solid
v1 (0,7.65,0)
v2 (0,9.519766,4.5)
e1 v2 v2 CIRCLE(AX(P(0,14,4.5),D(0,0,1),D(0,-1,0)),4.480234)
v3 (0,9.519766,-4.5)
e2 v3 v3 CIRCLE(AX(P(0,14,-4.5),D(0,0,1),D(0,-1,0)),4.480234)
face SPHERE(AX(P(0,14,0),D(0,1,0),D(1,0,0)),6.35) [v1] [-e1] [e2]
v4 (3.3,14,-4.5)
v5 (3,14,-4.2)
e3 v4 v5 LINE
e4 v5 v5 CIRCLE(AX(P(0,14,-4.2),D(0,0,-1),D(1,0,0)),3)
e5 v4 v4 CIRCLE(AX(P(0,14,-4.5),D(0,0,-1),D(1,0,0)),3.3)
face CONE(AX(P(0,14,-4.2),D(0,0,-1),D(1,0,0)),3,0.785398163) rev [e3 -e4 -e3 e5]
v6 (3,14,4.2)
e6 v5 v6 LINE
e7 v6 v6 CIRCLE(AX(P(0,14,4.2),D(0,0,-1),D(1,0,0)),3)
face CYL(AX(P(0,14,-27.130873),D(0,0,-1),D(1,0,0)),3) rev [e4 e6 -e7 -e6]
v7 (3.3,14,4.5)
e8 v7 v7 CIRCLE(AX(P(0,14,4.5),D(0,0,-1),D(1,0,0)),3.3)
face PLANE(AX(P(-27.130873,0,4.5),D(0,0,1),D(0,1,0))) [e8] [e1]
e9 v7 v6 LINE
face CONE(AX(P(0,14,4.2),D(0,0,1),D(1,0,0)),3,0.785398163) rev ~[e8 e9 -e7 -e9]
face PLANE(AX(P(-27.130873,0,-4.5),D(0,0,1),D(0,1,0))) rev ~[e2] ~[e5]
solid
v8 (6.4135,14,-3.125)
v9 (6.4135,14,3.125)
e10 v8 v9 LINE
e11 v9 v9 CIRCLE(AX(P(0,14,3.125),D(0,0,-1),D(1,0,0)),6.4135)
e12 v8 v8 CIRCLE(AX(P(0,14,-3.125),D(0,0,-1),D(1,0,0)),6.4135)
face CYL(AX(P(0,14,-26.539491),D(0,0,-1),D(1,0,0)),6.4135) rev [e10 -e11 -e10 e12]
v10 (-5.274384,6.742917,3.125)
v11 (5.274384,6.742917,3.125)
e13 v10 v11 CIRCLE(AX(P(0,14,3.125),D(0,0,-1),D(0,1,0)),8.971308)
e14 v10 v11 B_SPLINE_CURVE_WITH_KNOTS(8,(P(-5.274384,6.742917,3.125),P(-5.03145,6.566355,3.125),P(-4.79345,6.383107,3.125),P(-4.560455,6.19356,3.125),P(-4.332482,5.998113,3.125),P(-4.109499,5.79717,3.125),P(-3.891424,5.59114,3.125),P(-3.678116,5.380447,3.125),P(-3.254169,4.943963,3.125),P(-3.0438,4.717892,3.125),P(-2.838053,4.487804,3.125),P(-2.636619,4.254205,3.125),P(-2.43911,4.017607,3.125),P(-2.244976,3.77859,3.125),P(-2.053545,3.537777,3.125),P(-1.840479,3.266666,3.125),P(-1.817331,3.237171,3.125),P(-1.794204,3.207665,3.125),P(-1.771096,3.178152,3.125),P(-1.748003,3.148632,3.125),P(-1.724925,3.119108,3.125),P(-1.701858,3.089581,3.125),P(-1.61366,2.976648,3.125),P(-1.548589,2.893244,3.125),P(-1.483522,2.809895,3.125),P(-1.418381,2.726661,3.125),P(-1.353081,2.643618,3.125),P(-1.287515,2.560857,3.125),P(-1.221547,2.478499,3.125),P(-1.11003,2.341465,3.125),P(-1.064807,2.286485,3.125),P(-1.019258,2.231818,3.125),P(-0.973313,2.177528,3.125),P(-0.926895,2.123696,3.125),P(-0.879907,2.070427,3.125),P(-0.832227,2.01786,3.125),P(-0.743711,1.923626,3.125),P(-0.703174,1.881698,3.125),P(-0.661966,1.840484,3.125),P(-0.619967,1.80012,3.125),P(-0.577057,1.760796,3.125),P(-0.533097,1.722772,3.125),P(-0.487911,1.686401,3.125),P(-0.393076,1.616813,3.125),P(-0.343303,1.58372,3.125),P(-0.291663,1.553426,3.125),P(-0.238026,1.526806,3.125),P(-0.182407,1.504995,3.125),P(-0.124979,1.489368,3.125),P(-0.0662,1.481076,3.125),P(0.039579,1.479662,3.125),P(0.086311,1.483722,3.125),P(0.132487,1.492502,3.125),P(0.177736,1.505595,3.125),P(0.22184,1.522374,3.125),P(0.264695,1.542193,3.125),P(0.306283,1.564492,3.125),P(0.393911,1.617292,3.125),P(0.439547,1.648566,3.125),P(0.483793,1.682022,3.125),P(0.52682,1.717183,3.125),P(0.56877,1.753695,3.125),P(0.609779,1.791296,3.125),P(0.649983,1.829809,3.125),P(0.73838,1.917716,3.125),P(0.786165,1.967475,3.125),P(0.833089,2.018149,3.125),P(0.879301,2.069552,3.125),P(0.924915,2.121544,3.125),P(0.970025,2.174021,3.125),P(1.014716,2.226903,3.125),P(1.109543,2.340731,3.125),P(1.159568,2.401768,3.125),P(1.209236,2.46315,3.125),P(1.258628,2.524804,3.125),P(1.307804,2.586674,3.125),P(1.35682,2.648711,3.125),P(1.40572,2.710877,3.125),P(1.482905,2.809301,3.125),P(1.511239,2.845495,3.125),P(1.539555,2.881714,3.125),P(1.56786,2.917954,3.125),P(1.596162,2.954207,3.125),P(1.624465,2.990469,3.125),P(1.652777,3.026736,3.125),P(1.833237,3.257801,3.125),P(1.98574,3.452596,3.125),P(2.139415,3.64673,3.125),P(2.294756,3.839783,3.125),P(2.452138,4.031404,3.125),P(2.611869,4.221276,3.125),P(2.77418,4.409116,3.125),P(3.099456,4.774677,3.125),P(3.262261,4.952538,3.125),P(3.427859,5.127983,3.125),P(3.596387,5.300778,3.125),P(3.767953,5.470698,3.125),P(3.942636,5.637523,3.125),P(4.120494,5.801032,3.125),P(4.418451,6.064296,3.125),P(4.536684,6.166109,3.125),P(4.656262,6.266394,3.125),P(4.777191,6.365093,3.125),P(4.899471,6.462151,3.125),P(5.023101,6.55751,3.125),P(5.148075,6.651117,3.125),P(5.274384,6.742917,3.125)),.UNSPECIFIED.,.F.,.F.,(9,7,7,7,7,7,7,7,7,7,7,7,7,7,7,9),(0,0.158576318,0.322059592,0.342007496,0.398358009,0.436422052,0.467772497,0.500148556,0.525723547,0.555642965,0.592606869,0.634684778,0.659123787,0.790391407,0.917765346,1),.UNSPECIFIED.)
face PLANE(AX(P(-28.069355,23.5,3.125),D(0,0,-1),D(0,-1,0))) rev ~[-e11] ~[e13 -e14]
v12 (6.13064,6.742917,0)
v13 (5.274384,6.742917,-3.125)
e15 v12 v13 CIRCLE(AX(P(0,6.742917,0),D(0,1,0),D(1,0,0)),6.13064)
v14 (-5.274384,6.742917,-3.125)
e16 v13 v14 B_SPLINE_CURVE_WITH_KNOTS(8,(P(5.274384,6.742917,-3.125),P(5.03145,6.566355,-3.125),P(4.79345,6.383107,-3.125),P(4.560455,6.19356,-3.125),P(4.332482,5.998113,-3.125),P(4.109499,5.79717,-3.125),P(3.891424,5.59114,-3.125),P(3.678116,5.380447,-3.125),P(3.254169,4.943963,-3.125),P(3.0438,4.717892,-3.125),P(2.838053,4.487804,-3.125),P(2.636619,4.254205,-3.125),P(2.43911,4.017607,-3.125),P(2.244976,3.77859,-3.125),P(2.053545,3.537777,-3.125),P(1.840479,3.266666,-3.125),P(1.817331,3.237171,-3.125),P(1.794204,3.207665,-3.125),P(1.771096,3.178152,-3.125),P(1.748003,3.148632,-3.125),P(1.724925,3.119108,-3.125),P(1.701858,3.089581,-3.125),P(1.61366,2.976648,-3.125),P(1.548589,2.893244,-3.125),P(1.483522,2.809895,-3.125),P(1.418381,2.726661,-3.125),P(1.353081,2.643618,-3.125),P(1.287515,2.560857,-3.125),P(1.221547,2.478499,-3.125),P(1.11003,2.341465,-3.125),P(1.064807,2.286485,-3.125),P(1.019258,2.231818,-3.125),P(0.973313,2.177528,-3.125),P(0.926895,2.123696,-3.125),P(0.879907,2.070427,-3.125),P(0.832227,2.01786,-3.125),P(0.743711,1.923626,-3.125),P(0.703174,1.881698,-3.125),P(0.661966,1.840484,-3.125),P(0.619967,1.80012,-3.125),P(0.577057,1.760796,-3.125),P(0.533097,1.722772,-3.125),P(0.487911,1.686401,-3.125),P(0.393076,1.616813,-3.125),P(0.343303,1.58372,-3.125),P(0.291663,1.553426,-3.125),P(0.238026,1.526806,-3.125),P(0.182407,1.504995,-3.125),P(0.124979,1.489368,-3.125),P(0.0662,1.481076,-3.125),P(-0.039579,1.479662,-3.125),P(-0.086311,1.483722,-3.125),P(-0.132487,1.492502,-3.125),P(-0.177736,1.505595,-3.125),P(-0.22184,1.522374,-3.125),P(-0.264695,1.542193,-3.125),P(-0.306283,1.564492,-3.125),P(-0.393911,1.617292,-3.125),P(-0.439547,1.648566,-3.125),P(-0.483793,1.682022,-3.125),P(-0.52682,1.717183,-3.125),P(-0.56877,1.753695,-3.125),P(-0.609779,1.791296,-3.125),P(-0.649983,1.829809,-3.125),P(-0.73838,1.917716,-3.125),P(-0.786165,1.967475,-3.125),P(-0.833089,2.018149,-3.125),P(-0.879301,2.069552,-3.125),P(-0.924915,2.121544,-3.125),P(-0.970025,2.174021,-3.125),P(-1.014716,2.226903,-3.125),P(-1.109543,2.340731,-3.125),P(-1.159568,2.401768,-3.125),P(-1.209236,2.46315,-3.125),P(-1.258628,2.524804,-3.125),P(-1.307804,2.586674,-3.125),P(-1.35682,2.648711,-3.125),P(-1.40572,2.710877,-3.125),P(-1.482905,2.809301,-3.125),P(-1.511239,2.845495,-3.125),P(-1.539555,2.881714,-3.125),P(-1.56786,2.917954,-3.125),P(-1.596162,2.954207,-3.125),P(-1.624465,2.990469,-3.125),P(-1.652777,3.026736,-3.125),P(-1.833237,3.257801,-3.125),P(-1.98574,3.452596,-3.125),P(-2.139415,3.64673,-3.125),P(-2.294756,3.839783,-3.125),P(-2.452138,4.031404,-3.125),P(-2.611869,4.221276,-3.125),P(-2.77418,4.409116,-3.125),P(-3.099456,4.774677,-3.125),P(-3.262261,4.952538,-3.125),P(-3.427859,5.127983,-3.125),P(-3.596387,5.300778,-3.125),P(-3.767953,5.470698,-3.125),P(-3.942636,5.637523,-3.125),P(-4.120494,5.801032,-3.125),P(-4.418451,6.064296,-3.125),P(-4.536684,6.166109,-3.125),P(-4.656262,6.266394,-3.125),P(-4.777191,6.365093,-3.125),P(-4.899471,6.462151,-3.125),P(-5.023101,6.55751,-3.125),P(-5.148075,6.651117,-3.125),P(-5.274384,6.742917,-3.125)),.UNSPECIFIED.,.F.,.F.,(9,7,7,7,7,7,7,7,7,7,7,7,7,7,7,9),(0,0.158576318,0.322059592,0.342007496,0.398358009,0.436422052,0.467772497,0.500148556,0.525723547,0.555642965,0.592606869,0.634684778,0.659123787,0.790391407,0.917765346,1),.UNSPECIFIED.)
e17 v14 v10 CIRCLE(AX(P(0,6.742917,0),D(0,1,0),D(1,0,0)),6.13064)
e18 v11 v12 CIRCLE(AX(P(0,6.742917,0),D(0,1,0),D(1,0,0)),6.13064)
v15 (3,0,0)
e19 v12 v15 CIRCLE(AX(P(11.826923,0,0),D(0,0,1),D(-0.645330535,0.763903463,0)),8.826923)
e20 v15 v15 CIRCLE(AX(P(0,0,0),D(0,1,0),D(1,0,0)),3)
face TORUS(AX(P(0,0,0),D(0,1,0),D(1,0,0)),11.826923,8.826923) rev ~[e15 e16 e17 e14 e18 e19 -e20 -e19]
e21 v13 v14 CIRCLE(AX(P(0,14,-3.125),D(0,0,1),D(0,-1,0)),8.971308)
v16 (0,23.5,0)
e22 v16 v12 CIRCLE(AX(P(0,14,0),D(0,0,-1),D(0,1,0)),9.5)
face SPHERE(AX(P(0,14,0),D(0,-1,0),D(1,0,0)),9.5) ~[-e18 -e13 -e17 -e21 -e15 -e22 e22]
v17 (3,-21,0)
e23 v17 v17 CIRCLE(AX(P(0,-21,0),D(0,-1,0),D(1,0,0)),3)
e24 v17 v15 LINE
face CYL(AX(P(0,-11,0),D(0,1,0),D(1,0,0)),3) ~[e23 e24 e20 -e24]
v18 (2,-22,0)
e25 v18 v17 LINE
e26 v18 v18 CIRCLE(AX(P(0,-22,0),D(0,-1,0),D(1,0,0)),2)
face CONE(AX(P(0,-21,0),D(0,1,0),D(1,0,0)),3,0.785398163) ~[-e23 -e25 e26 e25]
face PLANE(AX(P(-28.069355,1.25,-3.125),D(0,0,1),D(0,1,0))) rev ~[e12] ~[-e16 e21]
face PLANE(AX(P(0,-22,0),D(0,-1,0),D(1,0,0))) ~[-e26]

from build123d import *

# Parameters (mm, degrees)
SKETCH1_W               = 3
SKETCH1_H               = 22
CHAMFER2_SIZE           = 1
CUT_EXTRUDE1_DEPTH      = 28.069355367
CUT_EXTRUDE1_DEPTH_BACK = 28.069355367
CUT_EXTRUDE2_DEPTH      = 26.539491491
CUT_EXTRUDE2_DEPTH_BACK = 26.539491491
SKETCH6_R               = 6.4135
CUT_EXTRUDE3_DEPTH      = 27.130872546
CUT_EXTRUDE3_DEPTH_BACK = 27.130872546
SKETCH8_W               = 5
SKETCH8_H               = 23.5
CUT_EXTRUDE4_DEPTH      = 27.130872546
CUT_EXTRUDE4_DEPTH_BACK = 27.130872546
SKETCH10_R              = 3
CHAMFER1_SIZE           = 0.3


with BuildPart() as part:
    # Sketch1 → Revolve1 (revolve)
    with BuildSketch(Plane.XY):
        with Locations((1.5, -11)):
            Rectangle(SKETCH1_W, SKETCH1_H)
    revolve(axis=Axis((0, 23.5, 0), (0, -1, 0)))

    # Chamfer2
    chamfer2_edges = [part.edges().sort_by_distance(p)[0] for p in [
        (-3, -22, 0),
    ]]
    chamfer(chamfer2_edges, length=CHAMFER2_SIZE)

    # Sketch4 → Revolve2 (revolve)
    with BuildSketch(Plane.XY):
        with BuildLine():
            Line((3, 0), (0, 0))
            Line((0, 0), (0, 23.5))
            ThreePointArc((0, 23.5), (8.921667095, 17.264024547), (6.130640084, 6.742917104))
            ThreePointArc((6.130640084, 6.742917104), (3.820824689, 3.717117109), (3, 0))
        make_face()
    revolve(axis=Axis((0, 23.5, 0), (0, 1, 0)))

    # Sketch5 → Cut-Extrude1 (cut, two sides: drawn at the far end of the back side and taken through both)
    with BuildSketch(Plane(origin=(0, 0, 0), x_dir=(0, 0, -1), z_dir=(1, 0, 0)).offset(-CUT_EXTRUDE1_DEPTH_BACK)):
        Polygon((3.125, 23.5), (9.5, 23.5), (9.5, 0), (3, 0), (3.125, 1.25), align=None)
        Polygon((-3.125, 23.5), (-3.125, 1.25), (-3, 0), (-9.5, 0), (-9.5, 23.5), align=None)
    extrude(amount=CUT_EXTRUDE1_DEPTH + CUT_EXTRUDE1_DEPTH_BACK, mode=Mode.SUBTRACT)

    # Sketch6 → Cut-Extrude2 (cut, two sides: drawn at the far end of the back side and taken through both)
    with BuildSketch(Plane.XY.offset(-CUT_EXTRUDE2_DEPTH_BACK)):
        with Locations((0, 14)):
            Circle(SKETCH6_R)
    extrude(amount=CUT_EXTRUDE2_DEPTH + CUT_EXTRUDE2_DEPTH_BACK, mode=Mode.SUBTRACT)


with BuildPart() as body_2:
    # Sketch7 → Revolve3 (revolve)
    with BuildSketch(Plane.XY):
        with BuildLine():
            Line((0, 20.35), (0, 7.65))
            ThreePointArc((0, 7.65), (6.35, 14), (0, 20.35))
        make_face()
    revolve(axis=Axis((0, 0, 0), (0, 1, 0)))

    # Sketch8 → Cut-Extrude3 (cut, two sides: drawn at the far end of the back side and taken through both)
    with BuildSketch(Plane(origin=(0, 0, 0), x_dir=(0, 0, -1), z_dir=(1, 0, 0)).offset(-CUT_EXTRUDE3_DEPTH_BACK)):
        with Locations((-7, 11.75)):
            Rectangle(SKETCH8_W, SKETCH8_H)
        with Locations((7, 11.75)):
            Rectangle(SKETCH8_W, SKETCH8_H)
    extrude(amount=CUT_EXTRUDE3_DEPTH + CUT_EXTRUDE3_DEPTH_BACK, mode=Mode.SUBTRACT)

    # Sketch10 → Cut-Extrude4 (cut, two sides: drawn at the far end of the back side and taken through both)
    with BuildSketch(Plane.XY.offset(-CUT_EXTRUDE4_DEPTH_BACK)):
        with Locations((0, 14)):
            Circle(SKETCH10_R)
    extrude(amount=CUT_EXTRUDE4_DEPTH + CUT_EXTRUDE4_DEPTH_BACK, mode=Mode.SUBTRACT)

    # Chamfer1
    chamfer1_edges = [body_2.edges().sort_by_distance(p)[0] for p in [
        (-3, 14, -4.5),
        (-3, 14, 4.5),
    ]]
    chamfer(chamfer1_edges, length=CHAMFER1_SIZE)


solid = Compound([part.part, body_2.part])
